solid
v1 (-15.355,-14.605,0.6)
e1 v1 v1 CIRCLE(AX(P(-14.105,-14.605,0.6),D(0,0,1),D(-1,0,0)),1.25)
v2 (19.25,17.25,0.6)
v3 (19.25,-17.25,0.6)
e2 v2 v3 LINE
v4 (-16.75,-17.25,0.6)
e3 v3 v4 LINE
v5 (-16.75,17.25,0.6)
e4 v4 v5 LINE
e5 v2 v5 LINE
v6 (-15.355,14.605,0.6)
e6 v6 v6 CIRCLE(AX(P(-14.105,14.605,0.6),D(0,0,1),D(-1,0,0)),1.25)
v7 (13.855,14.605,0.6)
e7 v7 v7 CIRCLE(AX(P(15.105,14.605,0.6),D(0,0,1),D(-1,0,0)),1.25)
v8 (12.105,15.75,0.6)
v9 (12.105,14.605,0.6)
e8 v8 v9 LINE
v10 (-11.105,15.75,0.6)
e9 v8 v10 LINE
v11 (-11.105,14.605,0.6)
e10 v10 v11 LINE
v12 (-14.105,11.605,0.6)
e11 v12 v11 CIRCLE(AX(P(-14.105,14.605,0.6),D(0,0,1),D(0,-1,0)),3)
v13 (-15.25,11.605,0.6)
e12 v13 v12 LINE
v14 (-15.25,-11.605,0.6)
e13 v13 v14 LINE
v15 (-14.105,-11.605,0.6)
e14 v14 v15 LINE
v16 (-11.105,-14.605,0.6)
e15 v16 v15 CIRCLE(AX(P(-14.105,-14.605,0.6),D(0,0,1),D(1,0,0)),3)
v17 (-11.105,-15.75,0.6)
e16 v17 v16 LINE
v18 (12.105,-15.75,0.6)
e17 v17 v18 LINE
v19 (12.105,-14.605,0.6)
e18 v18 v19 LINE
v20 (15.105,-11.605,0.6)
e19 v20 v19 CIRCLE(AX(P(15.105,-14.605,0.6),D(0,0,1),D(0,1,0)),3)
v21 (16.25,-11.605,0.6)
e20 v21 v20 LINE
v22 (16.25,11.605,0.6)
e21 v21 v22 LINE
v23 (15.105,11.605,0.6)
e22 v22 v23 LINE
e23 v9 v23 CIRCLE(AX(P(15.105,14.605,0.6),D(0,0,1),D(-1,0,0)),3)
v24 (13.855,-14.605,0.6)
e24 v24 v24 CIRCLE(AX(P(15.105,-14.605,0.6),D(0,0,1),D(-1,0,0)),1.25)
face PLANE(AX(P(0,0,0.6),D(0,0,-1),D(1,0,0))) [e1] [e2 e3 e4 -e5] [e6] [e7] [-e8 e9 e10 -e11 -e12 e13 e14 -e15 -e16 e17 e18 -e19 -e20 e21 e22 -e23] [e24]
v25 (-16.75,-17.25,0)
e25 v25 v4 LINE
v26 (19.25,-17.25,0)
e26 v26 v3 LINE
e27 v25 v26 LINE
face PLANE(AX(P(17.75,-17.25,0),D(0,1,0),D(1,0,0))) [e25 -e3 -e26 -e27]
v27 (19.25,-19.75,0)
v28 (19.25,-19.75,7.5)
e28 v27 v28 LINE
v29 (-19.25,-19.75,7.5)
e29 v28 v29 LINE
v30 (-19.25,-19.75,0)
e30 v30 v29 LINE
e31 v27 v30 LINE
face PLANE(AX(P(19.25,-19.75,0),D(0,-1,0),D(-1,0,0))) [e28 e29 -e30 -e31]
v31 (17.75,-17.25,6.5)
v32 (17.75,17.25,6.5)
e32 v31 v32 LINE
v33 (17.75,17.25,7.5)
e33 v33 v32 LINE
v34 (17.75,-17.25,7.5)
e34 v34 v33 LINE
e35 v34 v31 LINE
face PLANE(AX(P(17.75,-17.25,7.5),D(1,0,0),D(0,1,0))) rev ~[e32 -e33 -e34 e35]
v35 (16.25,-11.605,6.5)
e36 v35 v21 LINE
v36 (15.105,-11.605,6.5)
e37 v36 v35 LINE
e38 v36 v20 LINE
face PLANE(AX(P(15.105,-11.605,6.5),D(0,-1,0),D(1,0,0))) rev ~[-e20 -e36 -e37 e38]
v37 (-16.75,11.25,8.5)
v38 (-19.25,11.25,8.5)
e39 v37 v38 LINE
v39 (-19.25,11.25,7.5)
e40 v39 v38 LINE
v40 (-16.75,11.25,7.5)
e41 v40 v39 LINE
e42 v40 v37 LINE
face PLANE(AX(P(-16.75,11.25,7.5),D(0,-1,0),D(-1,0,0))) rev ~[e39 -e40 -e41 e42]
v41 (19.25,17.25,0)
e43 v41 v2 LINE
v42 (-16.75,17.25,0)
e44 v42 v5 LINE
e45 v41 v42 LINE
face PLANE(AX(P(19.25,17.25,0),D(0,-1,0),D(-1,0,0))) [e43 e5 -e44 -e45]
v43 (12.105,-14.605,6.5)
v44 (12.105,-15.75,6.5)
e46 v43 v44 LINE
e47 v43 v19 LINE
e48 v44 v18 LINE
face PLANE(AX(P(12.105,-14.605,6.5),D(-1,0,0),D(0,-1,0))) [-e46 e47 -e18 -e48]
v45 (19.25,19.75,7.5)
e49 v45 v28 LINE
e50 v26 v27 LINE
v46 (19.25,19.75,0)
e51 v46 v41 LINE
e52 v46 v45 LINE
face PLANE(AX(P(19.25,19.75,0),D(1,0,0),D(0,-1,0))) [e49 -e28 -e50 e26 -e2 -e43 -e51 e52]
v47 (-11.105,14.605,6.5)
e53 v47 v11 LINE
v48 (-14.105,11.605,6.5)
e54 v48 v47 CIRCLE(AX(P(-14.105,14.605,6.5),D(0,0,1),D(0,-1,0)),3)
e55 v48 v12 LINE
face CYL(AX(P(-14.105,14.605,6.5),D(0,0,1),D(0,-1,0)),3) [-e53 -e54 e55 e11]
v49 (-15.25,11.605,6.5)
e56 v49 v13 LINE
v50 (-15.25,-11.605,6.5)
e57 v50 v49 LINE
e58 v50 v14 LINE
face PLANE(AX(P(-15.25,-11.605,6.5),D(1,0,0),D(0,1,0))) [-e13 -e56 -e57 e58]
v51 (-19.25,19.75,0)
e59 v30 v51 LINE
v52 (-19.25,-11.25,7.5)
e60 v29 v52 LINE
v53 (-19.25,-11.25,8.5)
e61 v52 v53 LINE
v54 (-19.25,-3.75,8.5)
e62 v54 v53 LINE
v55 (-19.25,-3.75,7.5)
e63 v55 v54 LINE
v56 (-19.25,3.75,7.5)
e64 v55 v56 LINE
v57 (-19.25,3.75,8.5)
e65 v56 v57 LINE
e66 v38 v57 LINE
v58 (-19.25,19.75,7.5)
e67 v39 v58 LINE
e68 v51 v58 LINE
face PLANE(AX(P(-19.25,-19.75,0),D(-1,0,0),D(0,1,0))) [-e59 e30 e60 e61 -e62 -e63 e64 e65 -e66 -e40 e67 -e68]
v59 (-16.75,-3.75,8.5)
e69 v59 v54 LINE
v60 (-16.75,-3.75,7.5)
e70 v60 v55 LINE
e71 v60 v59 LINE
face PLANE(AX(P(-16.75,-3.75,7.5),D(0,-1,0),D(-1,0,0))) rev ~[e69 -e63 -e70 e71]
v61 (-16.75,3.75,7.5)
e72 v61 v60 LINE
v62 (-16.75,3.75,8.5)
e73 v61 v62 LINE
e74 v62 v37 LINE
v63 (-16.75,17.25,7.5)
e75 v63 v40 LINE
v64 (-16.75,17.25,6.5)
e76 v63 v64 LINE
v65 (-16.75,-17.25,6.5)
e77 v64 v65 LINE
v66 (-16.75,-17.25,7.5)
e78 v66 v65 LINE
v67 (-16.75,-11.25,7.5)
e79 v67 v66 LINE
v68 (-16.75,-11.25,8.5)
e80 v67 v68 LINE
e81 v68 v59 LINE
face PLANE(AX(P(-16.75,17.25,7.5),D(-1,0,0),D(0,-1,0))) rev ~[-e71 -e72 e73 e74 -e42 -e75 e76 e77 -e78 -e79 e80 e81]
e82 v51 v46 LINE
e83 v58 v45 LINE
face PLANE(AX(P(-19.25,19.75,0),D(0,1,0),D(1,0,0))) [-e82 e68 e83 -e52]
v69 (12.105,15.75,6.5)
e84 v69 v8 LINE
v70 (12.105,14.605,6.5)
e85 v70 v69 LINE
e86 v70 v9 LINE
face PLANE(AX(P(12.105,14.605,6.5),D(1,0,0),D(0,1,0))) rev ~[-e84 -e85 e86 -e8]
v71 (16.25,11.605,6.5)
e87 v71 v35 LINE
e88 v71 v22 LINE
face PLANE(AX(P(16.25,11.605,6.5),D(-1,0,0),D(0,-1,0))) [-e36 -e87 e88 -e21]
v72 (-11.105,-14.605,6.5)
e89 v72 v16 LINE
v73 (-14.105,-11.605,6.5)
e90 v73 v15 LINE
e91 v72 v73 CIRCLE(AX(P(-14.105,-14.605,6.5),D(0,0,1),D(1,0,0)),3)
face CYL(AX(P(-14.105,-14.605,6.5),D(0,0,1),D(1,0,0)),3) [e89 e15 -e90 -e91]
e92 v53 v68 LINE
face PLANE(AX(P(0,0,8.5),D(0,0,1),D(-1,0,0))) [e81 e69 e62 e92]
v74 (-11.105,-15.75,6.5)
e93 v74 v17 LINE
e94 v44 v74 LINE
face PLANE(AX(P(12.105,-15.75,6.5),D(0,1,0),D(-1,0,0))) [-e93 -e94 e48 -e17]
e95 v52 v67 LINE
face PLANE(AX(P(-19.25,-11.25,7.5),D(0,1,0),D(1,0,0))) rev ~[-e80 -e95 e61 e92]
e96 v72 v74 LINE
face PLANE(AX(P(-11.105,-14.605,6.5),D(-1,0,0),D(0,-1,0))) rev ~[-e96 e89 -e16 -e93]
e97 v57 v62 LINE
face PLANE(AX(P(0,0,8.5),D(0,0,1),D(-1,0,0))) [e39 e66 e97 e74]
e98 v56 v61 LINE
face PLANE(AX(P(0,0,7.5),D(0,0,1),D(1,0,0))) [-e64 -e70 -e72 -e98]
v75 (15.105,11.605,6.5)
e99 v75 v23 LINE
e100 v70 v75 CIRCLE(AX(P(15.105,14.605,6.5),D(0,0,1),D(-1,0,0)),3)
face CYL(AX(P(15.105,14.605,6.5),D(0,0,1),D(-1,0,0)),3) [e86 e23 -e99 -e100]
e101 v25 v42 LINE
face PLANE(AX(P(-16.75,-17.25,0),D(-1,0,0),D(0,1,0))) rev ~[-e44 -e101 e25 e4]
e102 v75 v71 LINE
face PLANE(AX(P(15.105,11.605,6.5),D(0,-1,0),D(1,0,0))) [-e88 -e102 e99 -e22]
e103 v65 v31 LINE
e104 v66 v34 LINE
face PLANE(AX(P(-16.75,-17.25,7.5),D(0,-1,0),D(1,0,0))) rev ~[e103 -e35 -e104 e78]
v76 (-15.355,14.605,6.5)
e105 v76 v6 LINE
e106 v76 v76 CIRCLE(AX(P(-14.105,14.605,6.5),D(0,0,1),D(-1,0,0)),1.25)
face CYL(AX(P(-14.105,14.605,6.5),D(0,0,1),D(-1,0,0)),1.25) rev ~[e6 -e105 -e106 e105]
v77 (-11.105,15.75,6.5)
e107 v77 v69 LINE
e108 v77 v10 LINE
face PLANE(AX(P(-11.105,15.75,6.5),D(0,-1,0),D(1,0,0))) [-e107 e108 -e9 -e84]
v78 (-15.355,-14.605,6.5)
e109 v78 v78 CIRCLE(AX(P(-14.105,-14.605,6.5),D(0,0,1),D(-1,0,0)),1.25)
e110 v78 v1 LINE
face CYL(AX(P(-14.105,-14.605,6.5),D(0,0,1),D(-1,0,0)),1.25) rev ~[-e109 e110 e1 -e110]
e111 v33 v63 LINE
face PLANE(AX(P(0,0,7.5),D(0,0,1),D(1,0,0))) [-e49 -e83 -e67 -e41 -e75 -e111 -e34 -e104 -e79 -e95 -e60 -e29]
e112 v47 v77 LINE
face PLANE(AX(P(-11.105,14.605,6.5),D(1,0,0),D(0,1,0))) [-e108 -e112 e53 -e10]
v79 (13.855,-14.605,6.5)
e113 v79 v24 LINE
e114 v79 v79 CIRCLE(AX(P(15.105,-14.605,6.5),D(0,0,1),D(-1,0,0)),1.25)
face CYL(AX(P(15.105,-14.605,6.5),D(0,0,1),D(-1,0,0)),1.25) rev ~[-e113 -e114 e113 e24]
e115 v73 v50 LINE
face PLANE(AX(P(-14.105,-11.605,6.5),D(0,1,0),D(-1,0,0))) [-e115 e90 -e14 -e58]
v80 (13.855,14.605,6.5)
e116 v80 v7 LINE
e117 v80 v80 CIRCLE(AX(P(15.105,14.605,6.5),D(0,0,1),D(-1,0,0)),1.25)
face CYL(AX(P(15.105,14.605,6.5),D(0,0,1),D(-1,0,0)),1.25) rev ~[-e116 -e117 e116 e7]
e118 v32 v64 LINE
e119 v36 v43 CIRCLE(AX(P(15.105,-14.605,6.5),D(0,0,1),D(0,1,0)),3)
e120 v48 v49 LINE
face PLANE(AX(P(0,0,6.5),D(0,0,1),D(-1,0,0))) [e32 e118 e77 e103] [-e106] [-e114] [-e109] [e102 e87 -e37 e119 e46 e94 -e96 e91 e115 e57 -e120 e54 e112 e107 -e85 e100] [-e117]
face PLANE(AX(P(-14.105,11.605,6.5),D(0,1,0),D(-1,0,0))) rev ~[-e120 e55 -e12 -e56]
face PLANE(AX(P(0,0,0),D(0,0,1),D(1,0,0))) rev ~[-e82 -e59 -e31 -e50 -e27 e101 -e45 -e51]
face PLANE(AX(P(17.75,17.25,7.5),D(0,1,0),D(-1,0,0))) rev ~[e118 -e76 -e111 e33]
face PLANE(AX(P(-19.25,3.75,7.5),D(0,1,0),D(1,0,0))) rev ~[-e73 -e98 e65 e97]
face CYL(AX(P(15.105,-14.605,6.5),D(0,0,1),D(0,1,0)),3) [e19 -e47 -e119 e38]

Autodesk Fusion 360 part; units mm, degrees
sketch "Skizze1" plane through (0, 0, 0) normal (0, 0, 1) x (1, 0, 0)
  line L0 (19.25, -19.75) -> (-19.25, -19.75)
  line L1 (-19.25, -19.75) -> (-19.25, 19.75)
  line L2 (-19.25, 19.75) -> (19.25, 19.75)
  line L3 (19.25, 19.75) -> (19.25, -19.75)
  line L4 (19.25, -19.75) -> (-19.25, 19.75) construction
  line L5 (-19.25, -19.75) -> (19.25, 19.75) construction
  dimension "d1" = 38.5
  dimension "d2" = 39.5
extrude "Extrusion1" add sketch "Skizze1" along normal blind 7.5
sketch "Skizze2" plane through (0, 0, 7.5) normal (0, 0, 1) x (-1, 0, 0)
  line L0 (-19.25, -19.75) -> (19.25, -19.75)
  line L1 (19.25, -19.75) -> (19.25, 19.75)
  line L2 (19.25, 19.75) -> (-19.25, 19.75)
  line L3 (-19.25, 19.75) -> (-19.25, -19.75)
  line L4 (16.75, 17.25) -> (-17.75, 17.25)
  line L5 (-17.75, 17.25) -> (-17.75, -17.25)
  line L6 (-17.75, -17.25) -> (16.75, -17.25)
  line L7 (16.75, -17.25) -> (16.75, 17.25)
  dimension "d5" = 2.5
  dimension "d6" = 2.5
  dimension "d7" = 2.5
extrude "Extrusion2" cut sketch "Skizze2" against normal blind 1 contours L4 L5 L6 L7
sketch "Skizze3" plane through (0, 0, 0) normal (0, 0, -1) x (1, 0, 0)
  line L0 (-19.25, -19.75) -> (19.25, -19.75)
  line L1 (19.25, -19.75) -> (19.25, 19.75)
  line L2 (19.25, 19.75) -> (-19.25, 19.75)
  line L3 (-19.25, 19.75) -> (-19.25, -19.75)
  line L4 (-16.75, -17.25) -> (17.75, -17.25)
  line L5 (-16.75, 17.25) -> (-16.75, -17.25)
  line L6 (17.75, 17.25) -> (-16.75, 17.25)
  line L7 (17.75, -17.25) -> (17.75, 17.25)
extrude "Extrusion3" cut sketch "Skizze3" against normal blind 0.6 contours L4 L5 L6 L7
sketch "Skizze4" plane through (0, 0, 6.5) normal (0, 0, 1) x (-1, 0, 0)
  line L0 (16.75, -17.25) -> (16.75, 17.25)
  line L1 (16.75, 17.25) -> (-17.75, 17.25)
  line L2 (-17.75, 17.25) -> (-17.75, -17.25)
  line L3 (-17.75, -17.25) -> (16.75, -17.25)
  line L4 (15.25, -15.75) -> (-16.25, -15.75)
  line L5 (-16.25, -15.75) -> (-16.25, 15.75)
  line L6 (-16.25, 15.75) -> (15.25, 15.75)
  line L7 (15.25, 15.75) -> (15.25, -15.75)
  line L8 (14.105, -14.605) -> (-15.105, -14.605) construction
  line L9 (-15.105, -14.605) -> (-15.105, 14.605) construction
  line L10 (-15.105, 14.605) -> (14.105, 14.605) construction
  line L11 (14.105, 14.605) -> (14.105, -14.605) construction
  line L12 (14.105, -14.605) -> (16.75, -17.25) construction
  line L13 (14.105, 14.605) -> (16.75, 17.25) construction
  line L14 (14.105, -11.605) -> (15.25, -11.605)
  line L15 (11.105, -14.605) -> (11.105, -15.75)
  line L16 (-12.105, -14.605) -> (-12.105, -15.75)
  line L17 (-15.105, -11.605) -> (-16.25, -11.605)
  line L18 (-15.105, 11.605) -> (-16.25, 11.605)
  line L19 (-12.105, 14.605) -> (-12.105, 15.75)
  line L20 (14.105, 11.605) -> (15.25, 11.605)
  line L21 (11.105, 14.605) -> (11.105, 15.75)
  arc A0 (11.105, 14.605) -> (14.105, 11.605) centre (14.105, 14.605) ccw
  arc A1 (14.105, -11.605) -> (11.105, -14.605) centre (14.105, -14.605) ccw
  arc A2 (-12.105, -14.605) -> (-15.105, -11.605) centre (-15.105, -14.605) ccw
  arc A3 (-15.105, 11.605) -> (-12.105, 14.605) centre (-15.105, 14.605) ccw
  dimension "d12" = 1.5
  dimension "d13" = 1.5
  dimension "d14" = 1.5
  dimension "d15" = 1.5
  dimension "d16" = 6
  dimension "d17" = 29.21
extrude "Extrusion4" cut sketch "Skizze4" against normal through all contours L4 L5 L6 L7 L14 L15 L16 L17 L18 L19 L20 L21 A0 A1 A2 A3
sketch "Skizze5" plane through (0, 0, 6.5) normal (0, 0, 1) x (-1, 0, 0)
  line L0 (-12.105, 15.75) -> (11.105, 15.75)
  line L1 (11.105, 15.75) -> (11.105, 14.605)
  arc A0 (11.105, 14.605) -> (14.105, 11.605) centre (14.105, 14.605) ccw
  line L2 (14.105, 11.605) -> (15.25, 11.605)
  line L3 (15.25, 11.605) -> (15.25, -11.605)
  line L4 (15.25, -11.605) -> (14.105, -11.605)
  arc A1 (14.105, -11.605) -> (11.105, -14.605) centre (14.105, -14.605) ccw
  line L5 (11.105, -14.605) -> (11.105, -15.75)
  line L6 (11.105, -15.75) -> (-12.105, -15.75)
  line L7 (-12.105, -15.75) -> (-12.105, -14.605)
  arc A2 (-12.105, -14.605) -> (-15.105, -11.605) centre (-15.105, -14.605) ccw
  line L8 (-15.105, -11.605) -> (-16.25, -11.605)
  line L9 (-16.25, -11.605) -> (-16.25, 11.605)
  line L10 (-16.25, 11.605) -> (-15.105, 11.605)
  arc A3 (-15.105, 11.605) -> (-12.105, 14.605) centre (-15.105, 14.605) ccw
  line L11 (-12.105, 14.605) -> (-12.105, 15.75)
  line L12 (16.75, -17.25) -> (16.75, 17.25)
  line L13 (16.75, 17.25) -> (-17.75, 17.25)
  line L14 (-17.75, 17.25) -> (-17.75, -17.25)
  line L15 (-17.75, -17.25) -> (16.75, -17.25)
  circle A4 centre (14.105, -14.605) radius 1.25
  circle A5 centre (14.105, 14.605) radius 1.25
  circle A6 centre (-15.105, -14.605) radius 1.25
  circle A7 centre (-15.105, 14.605) radius 1.25
  dimension "d19" = 2.5
extrude "Extrusion5" cut sketch "Skizze5" against normal through all contours A4 | A5 | A6 | A7
sketch "Skizze6" plane through (0, 0, 7.5) normal (0, 0, 1) x (-1, 0, 0)
  line L0 (-17.75, 17.25) -> (16.75, 17.25)
  line L1 (16.75, 17.25) -> (16.75, -17.25)
  line L2 (16.75, -17.25) -> (-17.75, -17.25)
  line L3 (-17.75, -17.25) -> (-17.75, 17.25)
  line L4 (-19.25, -19.75) -> (19.25, -19.75)
  line L5 (19.25, -19.75) -> (19.25, 19.75)
  line L6 (19.25, 19.75) -> (-19.25, 19.75)
  line L7 (-19.25, 19.75) -> (-19.25, -19.75)
  line L8 (16.75, -11.25) -> (19.25, -11.25)
  line L9 (19.25, -11.25) -> (19.25, -3.75)
  line L10 (19.25, -3.75) -> (16.75, -3.75)
  line L11 (16.75, -3.75) -> (16.75, -11.25)
  line L12 (16.75, 3.75) -> (19.25, 3.75)
  line L13 (19.25, 3.75) -> (19.25, 11.25)
  line L14 (19.25, 11.25) -> (16.75, 11.25)
  line L15 (16.75, 11.25) -> (16.75, 3.75)
  line L16 (19.25, -3.75) -> (19.25, 3.75) construction
  dimension "d21" = 7.5
  dimension "d22" = 15
extrude "Extrusion6" add sketch "Skizze6" along normal blind 1 contours L1 L5 L12 L13 L14 L15 | L1 L5 L8 L9 L10 L11
sketch "Skizze7" plane through (0, 0, 0) normal (0, 0, -1) x (1, 0, 0)
  line L0 (-16.75, 17.25) -> (17.75, 17.25)
  line L1 (17.75, 17.25) -> (17.75, -17.25)
  line L2 (17.75, -17.25) -> (-16.75, -17.25)
  line L3 (-16.75, -17.25) -> (-16.75, 17.25)
  line L4 (-19.25, -19.75) -> (19.25, -19.75)
  line L5 (19.25, -19.75) -> (19.25, 19.75)
  line L6 (19.25, 19.75) -> (-19.25, 19.75)
  line L7 (-19.25, 19.75) -> (-19.25, -19.75)
  line L8 (17.75, 17.25) -> (19.25, 17.25)
  line L9 (19.25, 17.25) -> (19.25, -17.25)
  line L10 (19.25, -17.25) -> (17.75, -17.25)
  line L11 (17.75, -17.25) -> (17.75, 17.25)
extrude "Extrusion7" cut sketch "Skizze7" against normal up to surface (0.6 mm away) contours L1 L5 L8 L9 L10 L11
equation "d7 = d6"
equation "d13 = d12"
equation "d14 = d12"
equation "d15 = d12"
